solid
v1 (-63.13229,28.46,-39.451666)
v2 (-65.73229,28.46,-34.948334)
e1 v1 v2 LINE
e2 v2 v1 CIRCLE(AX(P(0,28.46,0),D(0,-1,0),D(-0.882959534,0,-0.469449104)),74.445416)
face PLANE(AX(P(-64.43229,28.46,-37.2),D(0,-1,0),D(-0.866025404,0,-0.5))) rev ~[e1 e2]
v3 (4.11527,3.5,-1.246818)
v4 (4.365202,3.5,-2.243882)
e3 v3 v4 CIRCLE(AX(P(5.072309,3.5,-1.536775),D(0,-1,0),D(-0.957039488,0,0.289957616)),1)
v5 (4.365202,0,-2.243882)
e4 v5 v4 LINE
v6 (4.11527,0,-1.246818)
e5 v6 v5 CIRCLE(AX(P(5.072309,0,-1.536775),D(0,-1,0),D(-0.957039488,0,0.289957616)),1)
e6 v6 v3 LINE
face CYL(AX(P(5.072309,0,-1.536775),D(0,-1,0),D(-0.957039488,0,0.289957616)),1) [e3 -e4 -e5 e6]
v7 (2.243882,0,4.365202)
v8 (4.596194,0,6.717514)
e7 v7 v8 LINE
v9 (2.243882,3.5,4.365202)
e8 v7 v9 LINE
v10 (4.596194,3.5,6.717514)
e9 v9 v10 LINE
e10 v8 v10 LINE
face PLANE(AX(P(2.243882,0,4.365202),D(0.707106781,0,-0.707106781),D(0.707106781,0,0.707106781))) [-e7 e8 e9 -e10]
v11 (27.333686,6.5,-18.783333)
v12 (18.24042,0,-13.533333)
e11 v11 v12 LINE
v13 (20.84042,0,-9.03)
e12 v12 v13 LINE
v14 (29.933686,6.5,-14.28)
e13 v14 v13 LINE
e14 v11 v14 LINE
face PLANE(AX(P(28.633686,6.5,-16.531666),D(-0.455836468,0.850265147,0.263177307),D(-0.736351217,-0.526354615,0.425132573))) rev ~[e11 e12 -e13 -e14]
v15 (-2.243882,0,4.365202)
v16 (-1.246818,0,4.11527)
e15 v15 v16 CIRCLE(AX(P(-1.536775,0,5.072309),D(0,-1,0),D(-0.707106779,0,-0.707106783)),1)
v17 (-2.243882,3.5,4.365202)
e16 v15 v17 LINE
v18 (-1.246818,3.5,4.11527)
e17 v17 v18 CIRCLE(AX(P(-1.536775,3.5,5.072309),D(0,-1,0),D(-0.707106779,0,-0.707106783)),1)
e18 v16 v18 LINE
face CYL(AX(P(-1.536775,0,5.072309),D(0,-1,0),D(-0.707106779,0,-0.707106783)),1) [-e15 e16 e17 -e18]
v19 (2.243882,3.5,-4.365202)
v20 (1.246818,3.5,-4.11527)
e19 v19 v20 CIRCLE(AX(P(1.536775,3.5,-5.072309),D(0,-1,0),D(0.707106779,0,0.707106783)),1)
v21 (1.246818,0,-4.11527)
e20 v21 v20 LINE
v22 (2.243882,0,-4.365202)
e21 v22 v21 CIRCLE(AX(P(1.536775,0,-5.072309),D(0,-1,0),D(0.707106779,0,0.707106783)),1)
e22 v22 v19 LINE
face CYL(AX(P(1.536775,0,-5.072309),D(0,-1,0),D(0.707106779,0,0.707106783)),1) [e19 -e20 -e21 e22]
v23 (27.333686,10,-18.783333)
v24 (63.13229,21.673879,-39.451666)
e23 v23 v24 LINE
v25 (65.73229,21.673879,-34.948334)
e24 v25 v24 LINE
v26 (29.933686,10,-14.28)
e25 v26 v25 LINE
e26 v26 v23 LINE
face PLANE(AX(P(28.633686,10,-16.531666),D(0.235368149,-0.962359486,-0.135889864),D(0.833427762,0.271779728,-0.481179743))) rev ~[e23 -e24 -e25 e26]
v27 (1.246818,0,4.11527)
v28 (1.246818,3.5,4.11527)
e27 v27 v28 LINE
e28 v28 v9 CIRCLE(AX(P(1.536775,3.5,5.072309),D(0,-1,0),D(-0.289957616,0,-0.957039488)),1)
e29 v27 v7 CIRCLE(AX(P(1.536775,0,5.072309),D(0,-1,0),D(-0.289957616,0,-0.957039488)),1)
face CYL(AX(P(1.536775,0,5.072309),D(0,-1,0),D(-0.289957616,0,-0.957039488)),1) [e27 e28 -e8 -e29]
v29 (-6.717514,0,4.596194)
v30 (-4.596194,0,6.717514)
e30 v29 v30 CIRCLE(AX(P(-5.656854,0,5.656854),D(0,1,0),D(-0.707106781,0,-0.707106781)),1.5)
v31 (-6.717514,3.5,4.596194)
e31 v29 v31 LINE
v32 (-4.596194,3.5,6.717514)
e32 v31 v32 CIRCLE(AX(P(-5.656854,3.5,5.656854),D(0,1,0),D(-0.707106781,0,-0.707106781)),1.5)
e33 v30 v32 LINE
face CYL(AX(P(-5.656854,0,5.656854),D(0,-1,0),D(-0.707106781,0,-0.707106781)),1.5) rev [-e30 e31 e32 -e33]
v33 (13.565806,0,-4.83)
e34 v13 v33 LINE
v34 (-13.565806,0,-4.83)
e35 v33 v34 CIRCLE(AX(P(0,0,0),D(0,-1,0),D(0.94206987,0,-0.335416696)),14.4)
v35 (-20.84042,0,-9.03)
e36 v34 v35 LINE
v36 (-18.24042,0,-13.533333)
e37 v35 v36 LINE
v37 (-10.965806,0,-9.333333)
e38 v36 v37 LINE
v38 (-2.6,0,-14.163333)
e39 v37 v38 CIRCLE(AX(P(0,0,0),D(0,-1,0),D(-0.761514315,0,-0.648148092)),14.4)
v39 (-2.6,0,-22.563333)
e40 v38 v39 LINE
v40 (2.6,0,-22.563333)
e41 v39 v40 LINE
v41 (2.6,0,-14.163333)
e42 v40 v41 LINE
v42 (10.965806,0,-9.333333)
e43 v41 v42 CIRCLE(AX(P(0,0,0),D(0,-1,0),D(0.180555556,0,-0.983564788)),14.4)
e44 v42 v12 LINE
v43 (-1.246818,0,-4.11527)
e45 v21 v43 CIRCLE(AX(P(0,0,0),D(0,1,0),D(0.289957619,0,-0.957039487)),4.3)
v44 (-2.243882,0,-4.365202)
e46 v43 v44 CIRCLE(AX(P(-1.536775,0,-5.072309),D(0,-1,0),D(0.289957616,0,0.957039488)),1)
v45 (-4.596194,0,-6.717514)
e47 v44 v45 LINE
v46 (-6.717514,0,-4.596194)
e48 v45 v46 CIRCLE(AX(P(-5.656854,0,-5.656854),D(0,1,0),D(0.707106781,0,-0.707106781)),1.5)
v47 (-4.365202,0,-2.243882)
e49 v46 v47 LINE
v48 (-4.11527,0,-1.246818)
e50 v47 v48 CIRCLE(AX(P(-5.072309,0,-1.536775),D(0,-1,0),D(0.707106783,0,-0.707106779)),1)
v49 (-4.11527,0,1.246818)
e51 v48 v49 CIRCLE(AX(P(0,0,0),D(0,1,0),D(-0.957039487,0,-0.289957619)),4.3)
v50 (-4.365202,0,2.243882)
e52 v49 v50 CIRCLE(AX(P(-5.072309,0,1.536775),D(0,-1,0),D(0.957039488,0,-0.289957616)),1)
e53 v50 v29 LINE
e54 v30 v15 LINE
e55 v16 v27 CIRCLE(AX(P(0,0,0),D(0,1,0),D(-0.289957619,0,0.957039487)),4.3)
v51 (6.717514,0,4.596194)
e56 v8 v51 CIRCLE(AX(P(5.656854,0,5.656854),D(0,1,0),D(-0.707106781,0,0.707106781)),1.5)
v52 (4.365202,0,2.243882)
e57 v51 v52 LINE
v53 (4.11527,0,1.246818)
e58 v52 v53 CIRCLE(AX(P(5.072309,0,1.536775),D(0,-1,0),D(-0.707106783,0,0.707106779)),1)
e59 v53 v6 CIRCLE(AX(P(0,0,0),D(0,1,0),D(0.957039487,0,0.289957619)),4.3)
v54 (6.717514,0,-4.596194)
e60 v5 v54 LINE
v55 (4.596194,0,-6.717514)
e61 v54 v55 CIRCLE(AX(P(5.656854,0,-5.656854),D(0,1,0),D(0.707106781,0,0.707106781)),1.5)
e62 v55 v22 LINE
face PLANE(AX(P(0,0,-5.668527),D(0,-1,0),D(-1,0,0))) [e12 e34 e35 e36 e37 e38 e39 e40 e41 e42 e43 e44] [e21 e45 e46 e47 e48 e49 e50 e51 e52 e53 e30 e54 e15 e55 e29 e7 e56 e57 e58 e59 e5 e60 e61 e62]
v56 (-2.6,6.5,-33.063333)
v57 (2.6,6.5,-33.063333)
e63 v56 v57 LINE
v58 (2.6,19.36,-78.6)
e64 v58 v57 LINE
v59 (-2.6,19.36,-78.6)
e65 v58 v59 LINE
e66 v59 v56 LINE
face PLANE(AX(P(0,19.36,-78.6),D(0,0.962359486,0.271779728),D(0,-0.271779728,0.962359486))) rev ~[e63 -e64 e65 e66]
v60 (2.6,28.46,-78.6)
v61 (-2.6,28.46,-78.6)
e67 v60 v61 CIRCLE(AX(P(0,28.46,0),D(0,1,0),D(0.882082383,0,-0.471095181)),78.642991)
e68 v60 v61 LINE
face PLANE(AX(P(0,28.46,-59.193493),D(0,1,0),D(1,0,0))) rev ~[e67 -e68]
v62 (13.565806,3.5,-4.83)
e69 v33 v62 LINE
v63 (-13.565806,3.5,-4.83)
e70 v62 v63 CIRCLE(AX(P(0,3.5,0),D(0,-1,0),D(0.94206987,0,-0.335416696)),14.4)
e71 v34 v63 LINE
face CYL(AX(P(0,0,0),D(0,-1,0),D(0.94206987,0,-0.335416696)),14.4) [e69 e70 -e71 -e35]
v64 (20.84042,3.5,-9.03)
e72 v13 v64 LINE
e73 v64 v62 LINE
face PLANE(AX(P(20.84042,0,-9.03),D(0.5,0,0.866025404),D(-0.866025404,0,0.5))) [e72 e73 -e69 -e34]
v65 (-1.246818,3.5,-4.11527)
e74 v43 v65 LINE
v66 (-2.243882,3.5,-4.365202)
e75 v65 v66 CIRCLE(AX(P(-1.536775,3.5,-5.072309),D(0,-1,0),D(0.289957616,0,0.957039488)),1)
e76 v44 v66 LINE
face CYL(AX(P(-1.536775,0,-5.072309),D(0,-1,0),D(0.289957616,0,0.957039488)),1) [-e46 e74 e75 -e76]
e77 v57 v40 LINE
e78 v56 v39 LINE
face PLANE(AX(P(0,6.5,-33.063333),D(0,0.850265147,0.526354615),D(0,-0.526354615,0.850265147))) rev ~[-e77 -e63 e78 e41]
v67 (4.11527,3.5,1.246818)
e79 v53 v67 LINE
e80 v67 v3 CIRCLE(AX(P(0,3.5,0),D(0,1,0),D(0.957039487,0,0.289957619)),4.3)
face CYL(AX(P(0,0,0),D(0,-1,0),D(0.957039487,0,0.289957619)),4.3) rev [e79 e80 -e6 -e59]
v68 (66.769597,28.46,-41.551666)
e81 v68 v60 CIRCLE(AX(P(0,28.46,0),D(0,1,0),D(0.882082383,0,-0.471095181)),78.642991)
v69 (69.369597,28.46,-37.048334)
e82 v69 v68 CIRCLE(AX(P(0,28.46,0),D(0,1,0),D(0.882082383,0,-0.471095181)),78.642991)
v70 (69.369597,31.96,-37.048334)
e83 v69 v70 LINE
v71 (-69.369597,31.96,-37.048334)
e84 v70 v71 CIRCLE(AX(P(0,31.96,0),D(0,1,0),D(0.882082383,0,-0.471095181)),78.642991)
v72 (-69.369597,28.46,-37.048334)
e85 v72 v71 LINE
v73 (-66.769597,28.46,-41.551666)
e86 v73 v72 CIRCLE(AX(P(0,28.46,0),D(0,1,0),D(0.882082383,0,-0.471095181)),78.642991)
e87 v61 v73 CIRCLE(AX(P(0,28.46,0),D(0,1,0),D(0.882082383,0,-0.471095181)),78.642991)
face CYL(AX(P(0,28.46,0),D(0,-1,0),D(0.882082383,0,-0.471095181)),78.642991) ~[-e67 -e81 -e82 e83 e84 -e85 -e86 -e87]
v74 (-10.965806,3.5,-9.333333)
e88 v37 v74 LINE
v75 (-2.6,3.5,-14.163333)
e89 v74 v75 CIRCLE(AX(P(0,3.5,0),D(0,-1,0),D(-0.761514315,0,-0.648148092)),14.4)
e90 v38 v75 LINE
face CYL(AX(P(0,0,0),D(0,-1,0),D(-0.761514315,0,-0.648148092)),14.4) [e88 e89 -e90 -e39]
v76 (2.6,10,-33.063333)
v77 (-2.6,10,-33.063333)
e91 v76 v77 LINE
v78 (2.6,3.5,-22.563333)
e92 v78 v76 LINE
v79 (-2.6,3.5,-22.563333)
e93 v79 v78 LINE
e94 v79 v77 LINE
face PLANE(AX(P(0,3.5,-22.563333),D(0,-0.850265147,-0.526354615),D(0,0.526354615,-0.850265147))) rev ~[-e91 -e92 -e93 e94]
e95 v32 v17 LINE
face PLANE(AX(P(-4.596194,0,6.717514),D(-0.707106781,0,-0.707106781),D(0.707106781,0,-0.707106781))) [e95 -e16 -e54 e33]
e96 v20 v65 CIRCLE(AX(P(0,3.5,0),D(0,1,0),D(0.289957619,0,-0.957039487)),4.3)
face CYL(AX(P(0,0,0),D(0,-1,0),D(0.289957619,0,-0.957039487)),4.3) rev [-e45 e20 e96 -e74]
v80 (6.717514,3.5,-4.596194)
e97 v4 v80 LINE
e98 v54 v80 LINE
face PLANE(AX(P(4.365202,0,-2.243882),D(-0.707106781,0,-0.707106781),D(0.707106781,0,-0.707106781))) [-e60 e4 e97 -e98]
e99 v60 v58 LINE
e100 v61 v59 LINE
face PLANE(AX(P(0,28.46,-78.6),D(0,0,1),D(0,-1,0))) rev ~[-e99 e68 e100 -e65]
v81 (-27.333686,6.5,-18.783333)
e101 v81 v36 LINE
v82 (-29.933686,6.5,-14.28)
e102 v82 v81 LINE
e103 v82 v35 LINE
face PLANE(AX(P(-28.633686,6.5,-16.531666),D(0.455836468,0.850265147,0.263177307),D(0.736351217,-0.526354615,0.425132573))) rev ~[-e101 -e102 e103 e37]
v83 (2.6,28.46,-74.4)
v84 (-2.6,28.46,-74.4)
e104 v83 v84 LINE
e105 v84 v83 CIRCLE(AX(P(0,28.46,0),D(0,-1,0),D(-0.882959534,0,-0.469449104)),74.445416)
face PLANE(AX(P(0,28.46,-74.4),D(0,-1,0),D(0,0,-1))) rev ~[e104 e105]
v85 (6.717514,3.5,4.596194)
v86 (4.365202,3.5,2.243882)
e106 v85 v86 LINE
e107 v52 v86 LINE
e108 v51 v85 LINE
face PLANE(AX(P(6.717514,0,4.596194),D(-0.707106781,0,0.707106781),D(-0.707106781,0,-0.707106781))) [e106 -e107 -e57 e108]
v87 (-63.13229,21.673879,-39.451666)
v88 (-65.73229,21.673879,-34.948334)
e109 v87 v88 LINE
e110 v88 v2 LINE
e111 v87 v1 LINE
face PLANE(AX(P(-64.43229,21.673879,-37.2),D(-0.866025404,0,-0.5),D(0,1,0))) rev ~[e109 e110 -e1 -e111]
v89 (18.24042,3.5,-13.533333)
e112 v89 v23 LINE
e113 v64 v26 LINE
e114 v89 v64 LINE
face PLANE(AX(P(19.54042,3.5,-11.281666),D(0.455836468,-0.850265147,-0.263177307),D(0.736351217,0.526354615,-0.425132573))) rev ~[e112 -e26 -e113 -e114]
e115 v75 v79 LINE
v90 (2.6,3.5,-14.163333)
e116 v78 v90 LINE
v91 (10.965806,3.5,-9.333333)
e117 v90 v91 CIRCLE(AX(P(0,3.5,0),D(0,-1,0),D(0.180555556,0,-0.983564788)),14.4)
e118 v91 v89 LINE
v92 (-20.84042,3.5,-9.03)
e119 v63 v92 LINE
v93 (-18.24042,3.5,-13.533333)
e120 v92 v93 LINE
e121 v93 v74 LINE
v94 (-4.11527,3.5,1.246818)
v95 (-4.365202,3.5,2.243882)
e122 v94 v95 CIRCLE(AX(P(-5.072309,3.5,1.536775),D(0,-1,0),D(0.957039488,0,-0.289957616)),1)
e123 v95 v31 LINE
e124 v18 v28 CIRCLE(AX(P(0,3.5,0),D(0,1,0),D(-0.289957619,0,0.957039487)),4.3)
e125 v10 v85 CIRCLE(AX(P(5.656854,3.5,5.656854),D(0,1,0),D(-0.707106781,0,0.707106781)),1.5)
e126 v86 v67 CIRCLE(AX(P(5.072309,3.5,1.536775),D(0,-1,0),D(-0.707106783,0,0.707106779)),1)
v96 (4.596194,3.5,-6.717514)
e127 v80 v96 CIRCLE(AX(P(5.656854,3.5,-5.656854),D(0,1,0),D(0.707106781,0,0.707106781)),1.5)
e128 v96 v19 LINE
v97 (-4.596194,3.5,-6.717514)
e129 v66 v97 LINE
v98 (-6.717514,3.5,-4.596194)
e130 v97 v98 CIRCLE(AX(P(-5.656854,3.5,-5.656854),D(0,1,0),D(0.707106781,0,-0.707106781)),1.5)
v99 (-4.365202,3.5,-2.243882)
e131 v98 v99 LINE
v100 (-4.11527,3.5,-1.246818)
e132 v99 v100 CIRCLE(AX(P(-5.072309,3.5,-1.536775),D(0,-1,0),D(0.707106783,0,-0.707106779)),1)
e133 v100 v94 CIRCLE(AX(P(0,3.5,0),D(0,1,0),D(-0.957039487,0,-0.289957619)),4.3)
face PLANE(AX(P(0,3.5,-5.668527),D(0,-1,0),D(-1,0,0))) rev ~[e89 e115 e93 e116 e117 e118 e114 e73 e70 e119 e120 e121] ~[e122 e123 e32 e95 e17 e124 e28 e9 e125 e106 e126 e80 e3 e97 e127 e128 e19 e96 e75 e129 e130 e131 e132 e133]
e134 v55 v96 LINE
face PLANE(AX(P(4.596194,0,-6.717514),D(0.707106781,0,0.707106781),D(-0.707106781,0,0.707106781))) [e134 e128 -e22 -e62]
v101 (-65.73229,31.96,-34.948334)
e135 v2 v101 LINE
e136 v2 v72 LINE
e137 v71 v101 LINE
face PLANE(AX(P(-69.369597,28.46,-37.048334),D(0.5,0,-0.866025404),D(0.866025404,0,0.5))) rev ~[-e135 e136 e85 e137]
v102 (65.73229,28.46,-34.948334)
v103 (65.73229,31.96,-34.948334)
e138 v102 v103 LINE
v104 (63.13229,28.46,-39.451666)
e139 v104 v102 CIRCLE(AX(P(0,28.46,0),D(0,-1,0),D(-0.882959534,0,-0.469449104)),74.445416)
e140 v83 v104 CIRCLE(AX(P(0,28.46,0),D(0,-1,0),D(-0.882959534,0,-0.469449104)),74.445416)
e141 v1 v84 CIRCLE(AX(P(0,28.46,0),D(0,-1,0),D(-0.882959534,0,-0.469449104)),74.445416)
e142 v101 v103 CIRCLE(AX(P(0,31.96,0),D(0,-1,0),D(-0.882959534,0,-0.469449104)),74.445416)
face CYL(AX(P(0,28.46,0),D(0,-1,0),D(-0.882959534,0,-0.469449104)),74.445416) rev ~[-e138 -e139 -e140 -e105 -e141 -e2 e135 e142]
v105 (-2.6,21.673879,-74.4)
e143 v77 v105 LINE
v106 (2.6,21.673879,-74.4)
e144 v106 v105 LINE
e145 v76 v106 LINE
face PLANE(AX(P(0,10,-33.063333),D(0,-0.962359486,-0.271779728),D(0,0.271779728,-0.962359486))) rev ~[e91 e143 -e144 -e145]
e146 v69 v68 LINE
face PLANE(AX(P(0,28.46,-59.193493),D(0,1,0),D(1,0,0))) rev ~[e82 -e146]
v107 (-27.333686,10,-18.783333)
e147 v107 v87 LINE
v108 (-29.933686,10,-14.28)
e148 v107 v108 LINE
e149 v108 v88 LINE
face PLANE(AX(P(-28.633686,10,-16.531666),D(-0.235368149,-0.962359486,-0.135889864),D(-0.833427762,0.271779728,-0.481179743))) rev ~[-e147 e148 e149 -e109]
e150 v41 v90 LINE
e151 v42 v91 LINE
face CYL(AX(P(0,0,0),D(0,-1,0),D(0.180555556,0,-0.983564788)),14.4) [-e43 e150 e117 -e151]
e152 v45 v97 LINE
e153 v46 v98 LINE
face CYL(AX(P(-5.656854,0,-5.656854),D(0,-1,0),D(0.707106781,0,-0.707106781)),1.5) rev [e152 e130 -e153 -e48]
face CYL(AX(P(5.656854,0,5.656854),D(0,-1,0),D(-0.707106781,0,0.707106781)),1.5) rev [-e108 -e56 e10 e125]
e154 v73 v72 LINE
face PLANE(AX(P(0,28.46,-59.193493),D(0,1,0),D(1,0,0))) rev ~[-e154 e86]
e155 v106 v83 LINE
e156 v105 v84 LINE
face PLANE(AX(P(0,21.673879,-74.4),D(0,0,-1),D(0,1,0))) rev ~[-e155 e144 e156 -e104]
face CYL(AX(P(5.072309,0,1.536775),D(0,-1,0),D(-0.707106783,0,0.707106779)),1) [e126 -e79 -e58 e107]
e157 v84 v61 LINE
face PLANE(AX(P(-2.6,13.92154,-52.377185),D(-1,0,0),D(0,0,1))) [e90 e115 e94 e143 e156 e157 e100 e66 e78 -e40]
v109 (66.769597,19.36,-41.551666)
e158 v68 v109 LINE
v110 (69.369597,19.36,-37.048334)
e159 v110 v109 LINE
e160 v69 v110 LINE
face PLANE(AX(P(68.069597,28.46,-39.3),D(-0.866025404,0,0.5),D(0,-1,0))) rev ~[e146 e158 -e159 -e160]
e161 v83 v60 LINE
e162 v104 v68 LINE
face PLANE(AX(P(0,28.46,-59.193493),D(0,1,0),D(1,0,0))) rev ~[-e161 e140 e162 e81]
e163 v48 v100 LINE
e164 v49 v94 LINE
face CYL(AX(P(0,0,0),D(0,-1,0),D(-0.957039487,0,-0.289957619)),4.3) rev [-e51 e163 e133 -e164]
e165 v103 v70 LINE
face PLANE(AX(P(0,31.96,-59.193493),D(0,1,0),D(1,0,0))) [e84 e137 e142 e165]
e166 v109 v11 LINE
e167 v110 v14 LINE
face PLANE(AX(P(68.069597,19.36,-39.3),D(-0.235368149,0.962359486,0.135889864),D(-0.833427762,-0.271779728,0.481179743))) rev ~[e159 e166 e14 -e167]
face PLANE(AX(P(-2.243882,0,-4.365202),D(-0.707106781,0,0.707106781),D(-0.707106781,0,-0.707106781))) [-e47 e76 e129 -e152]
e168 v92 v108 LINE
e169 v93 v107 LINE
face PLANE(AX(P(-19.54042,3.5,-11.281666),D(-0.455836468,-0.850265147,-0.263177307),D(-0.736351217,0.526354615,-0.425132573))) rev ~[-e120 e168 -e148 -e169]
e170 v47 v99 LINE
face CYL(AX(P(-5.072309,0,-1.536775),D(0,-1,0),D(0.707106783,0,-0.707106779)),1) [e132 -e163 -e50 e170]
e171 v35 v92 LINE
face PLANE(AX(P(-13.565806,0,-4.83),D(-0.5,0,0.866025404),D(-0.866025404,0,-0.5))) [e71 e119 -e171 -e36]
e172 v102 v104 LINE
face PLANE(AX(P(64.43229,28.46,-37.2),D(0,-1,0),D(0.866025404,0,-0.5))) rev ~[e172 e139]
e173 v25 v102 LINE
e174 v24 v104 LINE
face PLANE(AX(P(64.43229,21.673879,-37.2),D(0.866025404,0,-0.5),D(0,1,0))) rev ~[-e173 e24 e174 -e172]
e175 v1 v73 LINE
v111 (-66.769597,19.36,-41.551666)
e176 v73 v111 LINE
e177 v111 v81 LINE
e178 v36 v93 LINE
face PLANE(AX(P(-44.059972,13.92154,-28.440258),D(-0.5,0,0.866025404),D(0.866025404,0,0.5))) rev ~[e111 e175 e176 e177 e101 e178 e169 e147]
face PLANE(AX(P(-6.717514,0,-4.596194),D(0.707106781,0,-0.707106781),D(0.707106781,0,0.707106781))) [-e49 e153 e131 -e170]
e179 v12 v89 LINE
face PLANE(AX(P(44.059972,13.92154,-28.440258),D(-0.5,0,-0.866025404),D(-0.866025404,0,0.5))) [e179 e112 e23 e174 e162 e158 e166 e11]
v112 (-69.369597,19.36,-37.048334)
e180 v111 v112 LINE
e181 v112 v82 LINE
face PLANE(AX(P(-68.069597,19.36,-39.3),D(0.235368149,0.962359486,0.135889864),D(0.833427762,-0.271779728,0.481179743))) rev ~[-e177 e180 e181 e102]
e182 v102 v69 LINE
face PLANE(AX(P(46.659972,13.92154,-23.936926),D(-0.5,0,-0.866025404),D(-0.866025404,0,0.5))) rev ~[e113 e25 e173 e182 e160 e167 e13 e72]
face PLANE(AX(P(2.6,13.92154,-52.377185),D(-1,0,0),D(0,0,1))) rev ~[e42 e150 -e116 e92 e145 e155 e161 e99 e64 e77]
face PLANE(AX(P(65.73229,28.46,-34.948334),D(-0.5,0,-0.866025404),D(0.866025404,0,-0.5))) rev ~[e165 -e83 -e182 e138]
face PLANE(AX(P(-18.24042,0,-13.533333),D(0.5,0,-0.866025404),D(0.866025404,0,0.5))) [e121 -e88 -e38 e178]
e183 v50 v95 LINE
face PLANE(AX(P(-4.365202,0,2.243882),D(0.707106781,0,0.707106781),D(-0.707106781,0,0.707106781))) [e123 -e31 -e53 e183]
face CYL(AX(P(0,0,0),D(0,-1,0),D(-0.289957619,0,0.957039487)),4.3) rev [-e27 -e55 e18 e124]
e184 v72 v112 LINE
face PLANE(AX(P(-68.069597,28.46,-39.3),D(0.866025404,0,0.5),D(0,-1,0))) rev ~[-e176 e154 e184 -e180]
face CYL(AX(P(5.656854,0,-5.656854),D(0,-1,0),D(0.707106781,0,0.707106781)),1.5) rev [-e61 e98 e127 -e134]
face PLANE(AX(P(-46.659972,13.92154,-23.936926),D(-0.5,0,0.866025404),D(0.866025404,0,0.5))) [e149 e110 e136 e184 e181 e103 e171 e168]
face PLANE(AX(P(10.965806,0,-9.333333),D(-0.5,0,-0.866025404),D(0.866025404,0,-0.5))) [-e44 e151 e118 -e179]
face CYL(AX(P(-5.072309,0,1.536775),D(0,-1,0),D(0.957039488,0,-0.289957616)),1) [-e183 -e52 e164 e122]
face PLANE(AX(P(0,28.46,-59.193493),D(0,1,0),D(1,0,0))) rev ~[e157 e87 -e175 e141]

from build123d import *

# Parameters (mm, degrees)
EXTRUDE_1_DEPTH          = 3.5
EXTRUDE_2_DEPTH          = 2.6
PATTERN_CIRCULAR_1_COUNT = 2
PATTERN_CIRCULAR_1_ANGLE = 60
PATTERN_CIRCULAR_2_COUNT = 2
PATTERN_CIRCULAR_2_ANGLE = 60
EXTRUDE_3_DEPTH          = 3.5


with BuildPart() as part:
    # 草图1 → 凸台-拉伸1 (new body)
    with BuildSketch(Plane(origin=(0, 0, 0), x_dir=(1, 0, 0), z_dir=(0, 1, 0))):
        with BuildLine():
            Line((-2.6, 22.563332941), (2.6, 22.563332941))
            Line((2.6, 22.563332941), (2.6, 14.163332941))
            ThreePointArc((2.6, 14.163332941), (7.2, 12.470765814), (10.965806129, 9.33333252))
            Line((10.965806129, 9.33333252), (18.240419521, 13.53333252))
            Line((18.240419521, 13.53333252), (20.840419521, 9.030000421))
            Line((20.840419521, 9.030000421), (13.565806129, 4.830000421))
            ThreePointArc((13.565806129, 4.830000421), (0, -14.4), (-13.565806129, 4.830000421))
            Line((-13.565806129, 4.830000421), (-20.840419521, 9.030000421))
            Line((-20.840419521, 9.030000421), (-18.240419521, 13.53333252))
            Line((-18.240419521, 13.53333252), (-10.965806129, 9.33333252))
            ThreePointArc((-10.965806129, 9.33333252), (-7.2, 12.470765814), (-2.6, 14.163332941))
            Line((-2.6, 14.163332941), (-2.6, 22.563332941))
        make_face()
        with BuildLine():
            Line((4.596194078, 6.717514421), (2.243882157, 4.3652025))
            ThreePointArc((2.243882157, 4.3652025), (1.77992131, 4.102319563), (1.246817757, 4.115269794))
            ThreePointArc((1.246817757, 4.115269794), (0, 4.3), (-1.246817757, 4.115269794))
            ThreePointArc((-1.246817757, 4.115269794), (-1.77992131, 4.102319563), (-2.243882157, 4.3652025))
            Line((-2.243882157, 4.3652025), (-4.596194078, 6.717514421))
            ThreePointArc((-4.596194078, 6.717514421), (-6.717514421, 6.717514421), (-6.717514421, 4.596194078))
            Line((-6.717514421, 4.596194078), (-4.3652025, 2.243882157))
            ThreePointArc((-4.3652025, 2.243882157), (-4.102319563, 1.77992131), (-4.115269794, 1.246817757))
            ThreePointArc((-4.115269794, 1.246817757), (-4.3, 0), (-4.115269794, -1.246817757))
            ThreePointArc((-4.115269794, -1.246817757), (-4.102319563, -1.77992131), (-4.3652025, -2.243882157))
            Line((-4.3652025, -2.243882157), (-6.717514421, -4.596194078))
            ThreePointArc((-6.717514421, -4.596194078), (-6.717514421, -6.717514421), (-4.596194078, -6.717514421))
            Line((-4.596194078, -6.717514421), (-2.243882157, -4.3652025))
            ThreePointArc((-2.243882157, -4.3652025), (-1.77992131, -4.102319563), (-1.246817757, -4.115269794))
            ThreePointArc((-1.246817757, -4.115269794), (0, -4.3), (1.246817757, -4.115269794))
            ThreePointArc((1.246817757, -4.115269794), (1.77992131, -4.102319563), (2.243882157, -4.3652025))
            Line((2.243882157, -4.3652025), (4.596194078, -6.717514421))
            ThreePointArc((4.596194078, -6.717514421), (6.717514421, -6.717514421), (6.717514421, -4.596194078))
            Line((6.717514421, -4.596194078), (4.3652025, -2.243882157))
            ThreePointArc((4.3652025, -2.243882157), (4.102319563, -1.77992131), (4.115269794, -1.246817757))
            ThreePointArc((4.115269794, -1.246817757), (4.3, 0), (4.115269794, 1.246817757))
            ThreePointArc((4.115269794, 1.246817757), (4.102319563, 1.77992131), (4.3652025, 2.243882157))
            Line((4.3652025, 2.243882157), (6.717514421, 4.596194078))
            ThreePointArc((6.717514421, 4.596194078), (6.717514421, 6.717514421), (4.596194078, 6.717514421))
        make_face(mode=Mode.SUBTRACT)
    extrude(amount=EXTRUDE_1_DEPTH)

    # 草图2 → 凸台-拉伸2 (add, symmetric)
    with BuildSketch(Plane(origin=(0, 0, 0), x_dir=(0, 0, -1), z_dir=(1, 0, 0))):
        Polygon((22.563332941, 3.5), (33.063332941, 10), (74.4, 21.673878936), (74.4, 28.46), (78.6, 28.46), (78.6, 19.36), (33.063332941, 6.5), (22.563332941, 0), align=None)
    extrude_2 = extrude(amount=EXTRUDE_2_DEPTH, both=True)

    # 阵列(圆周)1: 凸台-拉伸2 ×2 about axis
    pattern_circular_1_axis = Axis((0, 3.5, 0), (0, 1, 0))
    for i in range(1, PATTERN_CIRCULAR_1_COUNT):
        add(extrude_2.rotate(pattern_circular_1_axis, i * PATTERN_CIRCULAR_1_ANGLE / (PATTERN_CIRCULAR_1_COUNT - 1)))

    # 阵列(圆周)2: 凸台-拉伸2 ×2 about axis
    pattern_circular_2_axis = Axis((0, 3.5, 0), (0, -1, 0))
    for i in range(1, PATTERN_CIRCULAR_2_COUNT):
        add(extrude_2.rotate(pattern_circular_2_axis, i * PATTERN_CIRCULAR_2_ANGLE / (PATTERN_CIRCULAR_2_COUNT - 1)))

    # 草图3 → 凸台-拉伸3 (add)
    with BuildSketch(Plane(origin=(0, 28.46, 0), x_dir=(1, 0, 0), z_dir=(0, 1, 0))):
        with BuildLine():
            Line((-69.369596737, 37.04833395), (-65.732290042, 34.94833395))
            ThreePointArc((-65.732290042, 34.94833395), (0, 74.445416246), (65.732290042, 34.94833395))
            Line((65.732290042, 34.94833395), (69.369596737, 37.04833395))
            ThreePointArc((69.369596737, 37.04833395), (0, 78.642990787), (-69.369596737, 37.04833395))
        make_face()
    extrude(amount=EXTRUDE_3_DEPTH)


solid = part.part
